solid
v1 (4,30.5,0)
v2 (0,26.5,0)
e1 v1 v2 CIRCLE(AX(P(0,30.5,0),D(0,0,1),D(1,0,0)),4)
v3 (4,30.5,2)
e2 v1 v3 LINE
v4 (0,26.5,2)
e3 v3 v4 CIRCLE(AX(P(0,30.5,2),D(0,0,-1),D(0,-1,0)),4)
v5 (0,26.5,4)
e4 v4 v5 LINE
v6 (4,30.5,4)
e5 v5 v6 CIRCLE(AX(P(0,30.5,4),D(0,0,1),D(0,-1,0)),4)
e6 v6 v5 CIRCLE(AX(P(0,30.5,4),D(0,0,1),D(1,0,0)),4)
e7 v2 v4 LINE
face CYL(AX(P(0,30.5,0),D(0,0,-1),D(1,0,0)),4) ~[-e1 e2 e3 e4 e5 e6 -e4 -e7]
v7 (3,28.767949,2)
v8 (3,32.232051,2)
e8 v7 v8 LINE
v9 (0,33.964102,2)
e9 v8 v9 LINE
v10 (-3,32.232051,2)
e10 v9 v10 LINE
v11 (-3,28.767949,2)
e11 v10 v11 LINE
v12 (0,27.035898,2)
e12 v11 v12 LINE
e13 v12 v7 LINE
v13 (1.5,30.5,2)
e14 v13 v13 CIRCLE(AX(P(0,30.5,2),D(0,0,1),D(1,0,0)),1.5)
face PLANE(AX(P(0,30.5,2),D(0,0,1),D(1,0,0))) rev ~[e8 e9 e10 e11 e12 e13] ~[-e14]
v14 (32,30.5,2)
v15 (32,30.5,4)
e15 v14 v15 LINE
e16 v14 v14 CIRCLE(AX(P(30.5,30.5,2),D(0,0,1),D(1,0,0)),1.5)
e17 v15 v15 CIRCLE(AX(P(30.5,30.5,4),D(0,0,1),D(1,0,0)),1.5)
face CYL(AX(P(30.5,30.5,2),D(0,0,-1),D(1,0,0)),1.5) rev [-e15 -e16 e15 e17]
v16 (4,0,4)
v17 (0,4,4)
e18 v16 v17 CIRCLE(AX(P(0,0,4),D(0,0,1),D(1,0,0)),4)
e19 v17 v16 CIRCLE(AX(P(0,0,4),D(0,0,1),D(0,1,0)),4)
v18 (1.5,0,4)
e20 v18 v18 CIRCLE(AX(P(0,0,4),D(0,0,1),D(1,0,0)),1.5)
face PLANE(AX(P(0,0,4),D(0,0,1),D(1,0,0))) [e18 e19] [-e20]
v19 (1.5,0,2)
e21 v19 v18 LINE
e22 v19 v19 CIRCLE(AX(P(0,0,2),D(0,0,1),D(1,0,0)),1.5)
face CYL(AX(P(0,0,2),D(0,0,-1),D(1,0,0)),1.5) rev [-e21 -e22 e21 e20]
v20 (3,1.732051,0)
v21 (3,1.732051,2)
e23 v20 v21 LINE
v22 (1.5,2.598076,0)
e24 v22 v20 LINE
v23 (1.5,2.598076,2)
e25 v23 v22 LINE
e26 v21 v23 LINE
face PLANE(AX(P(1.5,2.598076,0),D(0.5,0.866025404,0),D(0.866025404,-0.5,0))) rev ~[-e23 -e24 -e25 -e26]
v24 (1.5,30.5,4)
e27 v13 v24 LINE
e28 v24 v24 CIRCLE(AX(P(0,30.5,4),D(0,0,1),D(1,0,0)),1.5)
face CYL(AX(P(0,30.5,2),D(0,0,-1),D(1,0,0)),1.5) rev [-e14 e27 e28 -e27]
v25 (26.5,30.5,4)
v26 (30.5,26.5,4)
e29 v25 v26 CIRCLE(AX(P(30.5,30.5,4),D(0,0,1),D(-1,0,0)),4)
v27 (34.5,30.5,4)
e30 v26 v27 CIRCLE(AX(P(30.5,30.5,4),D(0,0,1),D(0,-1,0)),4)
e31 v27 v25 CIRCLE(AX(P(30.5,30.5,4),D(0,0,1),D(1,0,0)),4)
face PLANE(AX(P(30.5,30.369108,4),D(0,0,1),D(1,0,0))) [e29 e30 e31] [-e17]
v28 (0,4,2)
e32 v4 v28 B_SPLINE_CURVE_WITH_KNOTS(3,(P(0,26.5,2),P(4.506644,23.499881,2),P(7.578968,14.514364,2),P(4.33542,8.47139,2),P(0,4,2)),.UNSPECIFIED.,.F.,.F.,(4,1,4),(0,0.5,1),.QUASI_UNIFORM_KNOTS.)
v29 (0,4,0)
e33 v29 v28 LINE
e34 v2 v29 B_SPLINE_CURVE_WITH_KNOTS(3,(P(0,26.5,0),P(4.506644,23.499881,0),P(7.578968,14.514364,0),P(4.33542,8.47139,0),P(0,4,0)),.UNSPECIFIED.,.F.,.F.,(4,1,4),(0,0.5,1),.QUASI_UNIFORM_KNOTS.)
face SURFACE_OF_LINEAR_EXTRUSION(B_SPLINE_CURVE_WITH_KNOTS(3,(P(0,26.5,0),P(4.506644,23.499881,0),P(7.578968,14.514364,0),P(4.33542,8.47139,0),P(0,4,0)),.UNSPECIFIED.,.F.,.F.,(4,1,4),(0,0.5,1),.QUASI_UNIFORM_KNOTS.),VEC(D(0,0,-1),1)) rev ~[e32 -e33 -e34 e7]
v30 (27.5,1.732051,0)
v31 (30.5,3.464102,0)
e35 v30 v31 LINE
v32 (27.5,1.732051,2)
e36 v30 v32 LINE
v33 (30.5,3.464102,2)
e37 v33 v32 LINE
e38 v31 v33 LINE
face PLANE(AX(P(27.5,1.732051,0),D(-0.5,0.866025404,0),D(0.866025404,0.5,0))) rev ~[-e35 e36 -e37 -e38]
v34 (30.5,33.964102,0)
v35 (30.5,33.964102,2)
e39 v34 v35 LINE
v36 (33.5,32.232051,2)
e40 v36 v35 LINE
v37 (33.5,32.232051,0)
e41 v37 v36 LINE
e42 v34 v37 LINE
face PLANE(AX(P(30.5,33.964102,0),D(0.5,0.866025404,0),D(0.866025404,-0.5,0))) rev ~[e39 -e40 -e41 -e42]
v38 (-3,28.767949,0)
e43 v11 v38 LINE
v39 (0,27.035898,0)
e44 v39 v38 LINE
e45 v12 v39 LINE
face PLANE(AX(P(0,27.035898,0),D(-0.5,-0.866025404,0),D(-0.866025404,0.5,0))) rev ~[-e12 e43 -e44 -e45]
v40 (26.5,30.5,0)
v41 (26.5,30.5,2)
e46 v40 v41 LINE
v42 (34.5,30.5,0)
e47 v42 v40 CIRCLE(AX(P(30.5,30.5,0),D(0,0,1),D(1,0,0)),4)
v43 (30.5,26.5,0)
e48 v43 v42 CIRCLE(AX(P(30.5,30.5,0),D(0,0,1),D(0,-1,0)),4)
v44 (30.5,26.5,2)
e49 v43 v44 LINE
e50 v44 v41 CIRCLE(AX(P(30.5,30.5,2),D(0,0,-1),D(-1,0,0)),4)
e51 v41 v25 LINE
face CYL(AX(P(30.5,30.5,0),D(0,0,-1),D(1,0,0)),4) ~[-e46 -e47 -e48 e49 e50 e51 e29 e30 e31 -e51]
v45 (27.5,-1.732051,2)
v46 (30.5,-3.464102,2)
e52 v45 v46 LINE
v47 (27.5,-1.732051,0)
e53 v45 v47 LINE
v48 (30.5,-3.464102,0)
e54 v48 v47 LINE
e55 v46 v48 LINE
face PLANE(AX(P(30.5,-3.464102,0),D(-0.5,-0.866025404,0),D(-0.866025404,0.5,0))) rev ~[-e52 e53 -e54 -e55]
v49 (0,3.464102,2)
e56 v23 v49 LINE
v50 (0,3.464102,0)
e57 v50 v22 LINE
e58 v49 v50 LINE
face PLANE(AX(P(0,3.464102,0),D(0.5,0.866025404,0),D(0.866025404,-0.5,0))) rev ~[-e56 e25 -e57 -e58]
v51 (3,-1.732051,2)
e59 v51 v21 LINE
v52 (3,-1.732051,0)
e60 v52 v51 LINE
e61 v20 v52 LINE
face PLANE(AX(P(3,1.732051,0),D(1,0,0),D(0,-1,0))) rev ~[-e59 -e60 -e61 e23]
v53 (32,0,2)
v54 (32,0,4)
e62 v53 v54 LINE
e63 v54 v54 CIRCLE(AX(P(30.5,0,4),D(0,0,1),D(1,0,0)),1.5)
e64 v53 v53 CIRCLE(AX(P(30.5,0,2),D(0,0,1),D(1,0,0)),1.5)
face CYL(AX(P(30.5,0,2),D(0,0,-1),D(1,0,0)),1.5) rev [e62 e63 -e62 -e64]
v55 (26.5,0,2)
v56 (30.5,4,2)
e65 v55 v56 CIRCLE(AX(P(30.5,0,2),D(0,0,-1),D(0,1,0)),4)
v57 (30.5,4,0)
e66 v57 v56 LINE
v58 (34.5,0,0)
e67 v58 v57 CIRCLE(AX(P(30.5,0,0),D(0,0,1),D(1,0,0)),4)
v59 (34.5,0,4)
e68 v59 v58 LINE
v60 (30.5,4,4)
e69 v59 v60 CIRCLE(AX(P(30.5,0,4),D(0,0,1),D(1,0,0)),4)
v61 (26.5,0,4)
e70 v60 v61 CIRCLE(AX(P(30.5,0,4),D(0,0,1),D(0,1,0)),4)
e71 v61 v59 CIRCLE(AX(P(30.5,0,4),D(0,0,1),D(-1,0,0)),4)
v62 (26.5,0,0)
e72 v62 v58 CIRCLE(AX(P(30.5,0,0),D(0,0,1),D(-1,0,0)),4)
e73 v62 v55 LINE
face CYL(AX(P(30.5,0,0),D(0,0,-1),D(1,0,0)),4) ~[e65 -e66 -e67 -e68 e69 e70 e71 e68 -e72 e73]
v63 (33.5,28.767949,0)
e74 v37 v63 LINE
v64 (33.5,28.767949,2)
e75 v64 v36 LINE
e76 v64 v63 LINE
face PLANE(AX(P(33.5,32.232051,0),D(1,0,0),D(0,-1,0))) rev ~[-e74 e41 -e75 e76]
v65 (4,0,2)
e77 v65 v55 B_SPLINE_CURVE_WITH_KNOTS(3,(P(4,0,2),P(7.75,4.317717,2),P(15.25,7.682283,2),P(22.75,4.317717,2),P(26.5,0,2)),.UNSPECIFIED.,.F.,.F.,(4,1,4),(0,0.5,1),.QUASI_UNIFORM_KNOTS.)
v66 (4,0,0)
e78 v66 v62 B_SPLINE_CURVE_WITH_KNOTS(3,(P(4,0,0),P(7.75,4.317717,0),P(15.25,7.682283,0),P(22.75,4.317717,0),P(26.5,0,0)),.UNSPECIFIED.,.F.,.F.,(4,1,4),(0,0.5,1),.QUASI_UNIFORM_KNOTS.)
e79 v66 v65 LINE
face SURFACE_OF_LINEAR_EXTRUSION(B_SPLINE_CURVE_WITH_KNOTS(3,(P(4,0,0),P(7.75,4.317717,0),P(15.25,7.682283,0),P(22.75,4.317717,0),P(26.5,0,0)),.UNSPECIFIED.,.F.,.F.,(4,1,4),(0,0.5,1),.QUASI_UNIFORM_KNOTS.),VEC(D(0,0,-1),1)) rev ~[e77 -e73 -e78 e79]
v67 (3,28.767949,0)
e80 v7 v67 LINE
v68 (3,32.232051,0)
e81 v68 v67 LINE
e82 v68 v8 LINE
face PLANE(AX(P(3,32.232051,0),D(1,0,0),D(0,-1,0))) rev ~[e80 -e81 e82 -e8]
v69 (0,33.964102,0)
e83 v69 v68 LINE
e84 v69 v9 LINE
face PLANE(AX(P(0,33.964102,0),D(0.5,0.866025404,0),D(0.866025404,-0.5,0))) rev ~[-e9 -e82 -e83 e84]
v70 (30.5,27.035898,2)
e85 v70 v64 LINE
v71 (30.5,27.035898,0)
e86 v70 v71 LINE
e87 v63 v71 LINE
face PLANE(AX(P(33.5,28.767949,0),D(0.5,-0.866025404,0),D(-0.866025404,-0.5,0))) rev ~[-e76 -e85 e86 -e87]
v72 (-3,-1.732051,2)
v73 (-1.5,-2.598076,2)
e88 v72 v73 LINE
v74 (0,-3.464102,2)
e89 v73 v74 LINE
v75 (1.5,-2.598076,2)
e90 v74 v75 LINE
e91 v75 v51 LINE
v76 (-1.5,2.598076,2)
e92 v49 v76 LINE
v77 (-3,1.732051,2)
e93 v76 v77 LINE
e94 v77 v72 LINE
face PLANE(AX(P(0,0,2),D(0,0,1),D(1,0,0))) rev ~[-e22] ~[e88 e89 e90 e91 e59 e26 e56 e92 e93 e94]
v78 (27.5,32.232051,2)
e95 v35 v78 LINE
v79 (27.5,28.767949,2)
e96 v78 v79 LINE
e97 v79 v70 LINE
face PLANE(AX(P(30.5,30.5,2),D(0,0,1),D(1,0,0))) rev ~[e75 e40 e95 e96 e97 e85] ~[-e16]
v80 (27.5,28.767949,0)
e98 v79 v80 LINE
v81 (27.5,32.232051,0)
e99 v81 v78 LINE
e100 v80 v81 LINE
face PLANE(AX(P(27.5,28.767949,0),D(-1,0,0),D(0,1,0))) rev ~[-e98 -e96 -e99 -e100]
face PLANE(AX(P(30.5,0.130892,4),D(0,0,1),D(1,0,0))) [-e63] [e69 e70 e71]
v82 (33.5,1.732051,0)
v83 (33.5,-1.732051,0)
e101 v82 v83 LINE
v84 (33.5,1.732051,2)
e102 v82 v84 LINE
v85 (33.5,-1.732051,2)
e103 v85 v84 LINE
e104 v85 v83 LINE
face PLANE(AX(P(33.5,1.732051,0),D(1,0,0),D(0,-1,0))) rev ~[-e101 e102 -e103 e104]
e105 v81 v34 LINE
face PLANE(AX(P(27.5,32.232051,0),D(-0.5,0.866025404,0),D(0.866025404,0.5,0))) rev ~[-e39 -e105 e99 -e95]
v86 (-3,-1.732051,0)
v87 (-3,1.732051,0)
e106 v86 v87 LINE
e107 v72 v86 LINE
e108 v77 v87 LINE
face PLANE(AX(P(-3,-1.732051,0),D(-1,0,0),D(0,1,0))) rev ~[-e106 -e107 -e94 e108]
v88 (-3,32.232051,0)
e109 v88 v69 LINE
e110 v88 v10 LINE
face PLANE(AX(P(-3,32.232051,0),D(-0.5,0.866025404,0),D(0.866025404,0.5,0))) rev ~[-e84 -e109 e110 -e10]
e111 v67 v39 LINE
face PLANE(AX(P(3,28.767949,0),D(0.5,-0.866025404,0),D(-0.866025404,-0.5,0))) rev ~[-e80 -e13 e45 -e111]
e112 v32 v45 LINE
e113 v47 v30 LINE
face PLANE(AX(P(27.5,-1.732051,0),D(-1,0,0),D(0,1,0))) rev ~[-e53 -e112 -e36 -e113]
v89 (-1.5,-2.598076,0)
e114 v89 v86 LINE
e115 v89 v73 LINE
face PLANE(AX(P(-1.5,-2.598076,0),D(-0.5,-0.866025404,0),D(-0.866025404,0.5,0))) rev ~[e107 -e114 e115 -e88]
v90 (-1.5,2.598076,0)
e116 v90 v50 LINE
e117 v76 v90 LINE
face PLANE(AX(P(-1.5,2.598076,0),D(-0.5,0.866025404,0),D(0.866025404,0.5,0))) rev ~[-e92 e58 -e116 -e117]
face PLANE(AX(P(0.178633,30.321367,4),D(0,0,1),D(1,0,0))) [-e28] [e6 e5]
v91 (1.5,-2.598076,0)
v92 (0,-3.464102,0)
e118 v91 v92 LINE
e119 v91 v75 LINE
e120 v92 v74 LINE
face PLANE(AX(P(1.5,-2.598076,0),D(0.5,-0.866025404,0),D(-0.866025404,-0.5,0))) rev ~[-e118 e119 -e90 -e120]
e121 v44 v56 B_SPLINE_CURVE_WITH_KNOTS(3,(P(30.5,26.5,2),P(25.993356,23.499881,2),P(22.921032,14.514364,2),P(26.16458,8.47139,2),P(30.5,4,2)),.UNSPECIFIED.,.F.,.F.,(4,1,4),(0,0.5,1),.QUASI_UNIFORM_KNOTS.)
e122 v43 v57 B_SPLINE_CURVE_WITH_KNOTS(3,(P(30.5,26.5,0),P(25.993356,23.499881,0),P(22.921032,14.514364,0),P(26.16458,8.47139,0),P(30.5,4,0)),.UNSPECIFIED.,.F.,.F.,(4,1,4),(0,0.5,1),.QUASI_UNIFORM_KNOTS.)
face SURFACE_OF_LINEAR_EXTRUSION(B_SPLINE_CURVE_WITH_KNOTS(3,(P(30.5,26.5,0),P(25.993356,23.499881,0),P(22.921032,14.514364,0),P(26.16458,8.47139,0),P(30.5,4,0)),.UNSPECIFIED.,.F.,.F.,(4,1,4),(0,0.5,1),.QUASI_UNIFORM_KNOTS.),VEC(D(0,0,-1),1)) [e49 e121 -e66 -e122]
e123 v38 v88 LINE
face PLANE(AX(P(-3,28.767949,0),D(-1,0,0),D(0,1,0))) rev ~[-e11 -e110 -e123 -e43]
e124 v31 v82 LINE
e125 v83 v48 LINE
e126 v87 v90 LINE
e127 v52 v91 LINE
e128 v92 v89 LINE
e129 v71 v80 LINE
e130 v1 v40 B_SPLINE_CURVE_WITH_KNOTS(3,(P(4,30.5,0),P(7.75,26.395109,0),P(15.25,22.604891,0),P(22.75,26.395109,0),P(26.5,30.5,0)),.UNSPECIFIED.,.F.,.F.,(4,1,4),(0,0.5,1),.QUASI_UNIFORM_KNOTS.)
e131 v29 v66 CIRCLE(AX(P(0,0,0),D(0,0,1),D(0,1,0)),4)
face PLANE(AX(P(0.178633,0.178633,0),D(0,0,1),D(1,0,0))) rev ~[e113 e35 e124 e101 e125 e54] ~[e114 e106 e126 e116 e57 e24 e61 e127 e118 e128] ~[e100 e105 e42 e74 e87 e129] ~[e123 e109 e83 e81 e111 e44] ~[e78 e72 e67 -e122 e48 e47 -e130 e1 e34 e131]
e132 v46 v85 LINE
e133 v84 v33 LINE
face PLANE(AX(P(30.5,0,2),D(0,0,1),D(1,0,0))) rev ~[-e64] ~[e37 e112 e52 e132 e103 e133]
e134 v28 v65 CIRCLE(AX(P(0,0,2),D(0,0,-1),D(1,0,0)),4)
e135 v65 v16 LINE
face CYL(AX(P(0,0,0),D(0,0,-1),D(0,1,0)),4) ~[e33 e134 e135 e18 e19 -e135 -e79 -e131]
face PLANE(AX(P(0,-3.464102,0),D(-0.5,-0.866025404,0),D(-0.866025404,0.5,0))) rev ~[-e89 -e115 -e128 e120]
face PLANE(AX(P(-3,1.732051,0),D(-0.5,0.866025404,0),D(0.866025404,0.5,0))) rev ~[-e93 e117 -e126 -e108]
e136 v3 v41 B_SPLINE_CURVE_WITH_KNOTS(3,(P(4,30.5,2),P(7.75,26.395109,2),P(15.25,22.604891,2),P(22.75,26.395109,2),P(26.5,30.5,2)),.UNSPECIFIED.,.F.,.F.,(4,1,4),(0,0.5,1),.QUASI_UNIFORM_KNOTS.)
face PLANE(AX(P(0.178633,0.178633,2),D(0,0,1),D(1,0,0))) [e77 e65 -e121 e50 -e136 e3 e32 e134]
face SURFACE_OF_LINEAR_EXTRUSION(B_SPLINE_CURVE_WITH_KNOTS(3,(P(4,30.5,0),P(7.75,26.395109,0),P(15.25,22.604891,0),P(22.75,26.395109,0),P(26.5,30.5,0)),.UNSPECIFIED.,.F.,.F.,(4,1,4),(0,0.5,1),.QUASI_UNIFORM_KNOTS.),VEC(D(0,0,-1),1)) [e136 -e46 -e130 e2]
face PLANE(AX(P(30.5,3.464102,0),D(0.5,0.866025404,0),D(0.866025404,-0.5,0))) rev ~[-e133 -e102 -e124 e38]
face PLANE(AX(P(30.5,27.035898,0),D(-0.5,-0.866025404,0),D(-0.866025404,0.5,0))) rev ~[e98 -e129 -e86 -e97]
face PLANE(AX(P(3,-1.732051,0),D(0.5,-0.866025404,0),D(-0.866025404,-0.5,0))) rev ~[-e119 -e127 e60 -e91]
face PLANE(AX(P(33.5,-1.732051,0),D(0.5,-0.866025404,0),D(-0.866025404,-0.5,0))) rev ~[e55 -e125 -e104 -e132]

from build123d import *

# Parameters (mm, degrees)
F1_DEPTH = 2
F2_DEPTH = 4
F3_START = 2
F0_R     = 1.5
F3_DEPTH = 2


with BuildPart() as f1:
    # F0 (on Top) → F1 (new body)
    with BuildSketch(Plane.XY):
        with BuildLine():
            ThreePointArc((0, 4), (-2.8284271247, -2.8284271247), (4, 0))
            ThreePointArc((4, 0), (2.8284271247, 2.8284271247), (0, 4))
        make_face()
        Polygon((3, 1.7320508076), (3, 0), (3, -1.7320508076), (1.4999999564, -2.5980762365), (0, -3.4641016151), (-1.4999999973, -2.5980762129), (-3, -1.7320508076), (-3, 0), (-3, 1.7320508076), (-1.4999999564, 2.5980762365), (0, 3.4641016151), (1.4999999564, 2.5980762365), align=None, mode=Mode.SUBTRACT)
        with BuildLine():
            ThreePointArc((0, 4), (2.8284271247, 2.8284271247), (4, 0))
            add(Edge.make_bspline(
                [(4, 0), (7.75, 4.317717161), (15.25, 7.682282839), (22.75, 4.317717161), (26.5, 0)],
                knots=[0, 0, 0, 0, 0.5, 1, 1, 1, 1], degree=3))
            ThreePointArc((26.5, 0), (27.6715728753, 2.8284271247), (30.5, 4))
            add(Edge.make_bspline(
                [(30.5, 26.5), (25.9933560661, 23.4998809866), (22.921031967, 14.5143643781), (26.1645799999, 8.4713902573), (30.5, 4)],
                knots=[0, 0, 0, 0, 0.5, 1, 1, 1, 1], degree=3))
            ThreePointArc((30.5, 26.5), (27.6715728753, 27.6715728753), (26.5, 30.5))
            add(Edge.make_bspline(
                [(15.25, 24.5), (19, 24.5), (22.75, 26.3951093107), (26.5, 30.5)],
                knots=[0.5, 0.5, 0.5, 0.5, 1, 1, 1, 1], degree=3))
            add(Edge.make_bspline(
                [(4, 30.5), (7.75, 26.3951093107), (11.5, 24.5), (15.25, 24.5)],
                knots=[0, 0, 0, 0, 0.5, 0.5, 0.5, 0.5], degree=3))
            ThreePointArc((4, 30.5), (2.8284271247, 27.6715728753), (0, 26.5))
            add(Edge.make_bspline(
                [(0, 26.5), (4.5066439339, 23.4998809866), (7.578968033, 14.5143643781), (4.3354200001, 8.4713902573), (0, 4)],
                knots=[0, 0, 0, 0, 0.5, 1, 1, 1, 1], degree=3))
        make_face()
        with BuildLine():
            ThreePointArc((30.5, 4), (27.6715728753, 2.8284271247), (26.5, 0))
            ThreePointArc((26.5, 0), (30.5, -4), (34.5, 0))
            ThreePointArc((34.5, 0), (33.3284271247, 2.8284271247), (30.5, 4))
        make_face()
        Polygon((27.5, 1.7320508076), (30.5, 3.4641016151), (33.5, 1.7320508076), (33.5, -1.7320508076), (30.5, -3.4641016151), (27.5, -1.7320508076), align=None, mode=Mode.SUBTRACT)
        with BuildLine():
            ThreePointArc((4, 30.5), (-2.8284271247, 33.3284271247), (0, 26.5))
            ThreePointArc((0, 26.5), (2.8284271247, 27.6715728753), (4, 30.5))
        make_face()
        Polygon((-3, 32.2320508076), (0, 33.9641016151), (3, 32.2320508076), (3, 28.7679491924), (0, 27.0358983849), (-3, 28.7679491924), align=None, mode=Mode.SUBTRACT)
        with BuildLine():
            ThreePointArc((26.5, 30.5), (27.6715728753, 27.6715728753), (30.5, 26.5))
            ThreePointArc((30.5, 26.5), (33.3284271247, 27.6715728753), (34.5, 30.5))
            ThreePointArc((34.5, 30.5), (30.5, 34.5), (26.5, 30.5))
        make_face()
        Polygon((27.5, 32.2320508076), (30.5, 33.9641016151), (33.5, 32.2320508076), (33.5, 28.7679491924), (30.5, 27.0358983849), (27.5, 28.7679491924), align=None, mode=Mode.SUBTRACT)
    extrude(amount=F1_DEPTH)

    # F0 (on Top) → F2 (join)
    with BuildSketch(Plane.XY):
        with BuildLine():
            ThreePointArc((4, 30.5), (-2.8284271247, 33.3284271247), (0, 26.5))
            ThreePointArc((0, 26.5), (2.8284271247, 27.6715728753), (4, 30.5))
        make_face()
        Polygon((-3, 32.2320508076), (0, 33.9641016151), (3, 32.2320508076), (3, 28.7679491924), (0, 27.0358983849), (-3, 28.7679491924), align=None, mode=Mode.SUBTRACT)
        with BuildLine():
            ThreePointArc((26.5, 30.5), (27.6715728753, 27.6715728753), (30.5, 26.5))
            ThreePointArc((30.5, 26.5), (33.3284271247, 27.6715728753), (34.5, 30.5))
            ThreePointArc((34.5, 30.5), (30.5, 34.5), (26.5, 30.5))
        make_face()
        Polygon((27.5, 32.2320508076), (30.5, 33.9641016151), (33.5, 32.2320508076), (33.5, 28.7679491924), (30.5, 27.0358983849), (27.5, 28.7679491924), align=None, mode=Mode.SUBTRACT)
        with BuildLine():
            ThreePointArc((30.5, 4), (27.6715728753, 2.8284271247), (26.5, 0))
            ThreePointArc((26.5, 0), (30.5, -4), (34.5, 0))
            ThreePointArc((34.5, 0), (33.3284271247, 2.8284271247), (30.5, 4))
        make_face()
        Polygon((27.5, 1.7320508076), (30.5, 3.4641016151), (33.5, 1.7320508076), (33.5, -1.7320508076), (30.5, -3.4641016151), (27.5, -1.7320508076), align=None, mode=Mode.SUBTRACT)
        with BuildLine():
            ThreePointArc((0, 4), (-2.8284271247, -2.8284271247), (4, 0))
            ThreePointArc((4, 0), (2.8284271247, 2.8284271247), (0, 4))
        make_face()
        Polygon((3, 1.7320508076), (3, 0), (3, -1.7320508076), (1.4999999564, -2.5980762365), (0, -3.4641016151), (-1.4999999973, -2.5980762129), (-3, -1.7320508076), (-3, 0), (-3, 1.7320508076), (-1.4999999564, 2.5980762365), (0, 3.4641016151), (1.4999999564, 2.5980762365), align=None, mode=Mode.SUBTRACT)
    extrude(amount=F2_DEPTH)

    # F0 (on Top) → F3 (join)
    with BuildSketch(Plane.XY.offset(F3_START)):
        with BuildLine():
            ThreePointArc((1.4999999564, -2.5980762365), (2.5980761988, -1.5000000218), (3, 0))
            ThreePointArc((3, 0), (2.5980761988, 1.5000000218), (1.4999999564, 2.5980762365))
            ThreePointArc((1.4999999564, 2.5980762365), (0, 3), (-1.4999999564, 2.5980762365))
            ThreePointArc((-1.4999999564, 2.5980762365), (-2.5980761988, 1.5000000218), (-3, 0))
            ThreePointArc((-3, 0), (-2.5980762106, -1.5000000014), (-1.4999999973, -2.5980762129))
            ThreePointArc((-1.4999999973, -2.5980762129), (-2.36e-08, -3), (1.4999999564, -2.5980762365))
        make_face()
        Circle(F0_R, mode=Mode.SUBTRACT)
        with BuildLine():
            ThreePointArc((-3, 0), (-2.5980761988, 1.5000000218), (-1.4999999564, 2.5980762365))
            Line((-1.4999999564, 2.5980762365), (-3, 1.7320508076))
            Line((-3, 1.7320508076), (-3, 0))
        make_face()
        with BuildLine():
            ThreePointArc((1.4999999564, 2.5980762365), (2.5980761988, 1.5000000218), (3, 0))
            Line((3, 0), (3, 1.7320508076))
            Line((3, 1.7320508076), (1.4999999564, 2.5980762365))
        make_face()
        with BuildLine():
            Line((3, -1.7320508076), (3, 0))
            ThreePointArc((3, 0), (2.5980761988, -1.5000000218), (1.4999999564, -2.5980762365))
            Line((1.4999999564, -2.5980762365), (3, -1.7320508076))
        make_face()
        with BuildLine():
            Line((-3, -1.7320508076), (-1.4999999973, -2.5980762129))
            ThreePointArc((-1.4999999973, -2.5980762129), (-2.5980762106, -1.5000000014), (-3, 0))
            Line((-3, 0), (-3, -1.7320508076))
        make_face()
        with BuildLine():
            ThreePointArc((-1.4999999564, 2.5980762365), (0, 3), (1.4999999564, 2.5980762365))
            Line((1.4999999564, 2.5980762365), (0, 3.4641016151))
            Line((0, 3.4641016151), (-1.4999999564, 2.5980762365))
        make_face()
        with BuildLine():
            Line((0, -3.4641016151), (1.4999999564, -2.5980762365))
            ThreePointArc((1.4999999564, -2.5980762365), (-2.36e-08, -3), (-1.4999999973, -2.5980762129))
            Line((-1.4999999973, -2.5980762129), (0, -3.4641016151))
        make_face()
        Polygon((33.5, 1.7320508076), (30.5, 3.4641016151), (27.5, 1.7320508076), (27.5, -1.7320508076), (30.5, -3.4641016151), (33.5, -1.7320508076), align=None)
        with Locations((30.5, 0)):
            Circle(F0_R, mode=Mode.SUBTRACT)
        Polygon((33.5, 32.2320508076), (30.5, 33.9641016151), (27.5, 32.2320508076), (27.5, 28.7679491924), (30.5, 27.0358983849), (33.5, 28.7679491924), align=None)
        with Locations((30.5, 30.5)):
            Circle(F0_R, mode=Mode.SUBTRACT)
        Polygon((3, 32.2320508076), (0, 33.9641016151), (-3, 32.2320508076), (-3, 28.7679491924), (0, 27.0358983849), (3, 28.7679491924), align=None)
        with Locations((0, 30.5)):
            Circle(F0_R, mode=Mode.SUBTRACT)
    extrude(amount=F3_DEPTH)


solid = f1.part
